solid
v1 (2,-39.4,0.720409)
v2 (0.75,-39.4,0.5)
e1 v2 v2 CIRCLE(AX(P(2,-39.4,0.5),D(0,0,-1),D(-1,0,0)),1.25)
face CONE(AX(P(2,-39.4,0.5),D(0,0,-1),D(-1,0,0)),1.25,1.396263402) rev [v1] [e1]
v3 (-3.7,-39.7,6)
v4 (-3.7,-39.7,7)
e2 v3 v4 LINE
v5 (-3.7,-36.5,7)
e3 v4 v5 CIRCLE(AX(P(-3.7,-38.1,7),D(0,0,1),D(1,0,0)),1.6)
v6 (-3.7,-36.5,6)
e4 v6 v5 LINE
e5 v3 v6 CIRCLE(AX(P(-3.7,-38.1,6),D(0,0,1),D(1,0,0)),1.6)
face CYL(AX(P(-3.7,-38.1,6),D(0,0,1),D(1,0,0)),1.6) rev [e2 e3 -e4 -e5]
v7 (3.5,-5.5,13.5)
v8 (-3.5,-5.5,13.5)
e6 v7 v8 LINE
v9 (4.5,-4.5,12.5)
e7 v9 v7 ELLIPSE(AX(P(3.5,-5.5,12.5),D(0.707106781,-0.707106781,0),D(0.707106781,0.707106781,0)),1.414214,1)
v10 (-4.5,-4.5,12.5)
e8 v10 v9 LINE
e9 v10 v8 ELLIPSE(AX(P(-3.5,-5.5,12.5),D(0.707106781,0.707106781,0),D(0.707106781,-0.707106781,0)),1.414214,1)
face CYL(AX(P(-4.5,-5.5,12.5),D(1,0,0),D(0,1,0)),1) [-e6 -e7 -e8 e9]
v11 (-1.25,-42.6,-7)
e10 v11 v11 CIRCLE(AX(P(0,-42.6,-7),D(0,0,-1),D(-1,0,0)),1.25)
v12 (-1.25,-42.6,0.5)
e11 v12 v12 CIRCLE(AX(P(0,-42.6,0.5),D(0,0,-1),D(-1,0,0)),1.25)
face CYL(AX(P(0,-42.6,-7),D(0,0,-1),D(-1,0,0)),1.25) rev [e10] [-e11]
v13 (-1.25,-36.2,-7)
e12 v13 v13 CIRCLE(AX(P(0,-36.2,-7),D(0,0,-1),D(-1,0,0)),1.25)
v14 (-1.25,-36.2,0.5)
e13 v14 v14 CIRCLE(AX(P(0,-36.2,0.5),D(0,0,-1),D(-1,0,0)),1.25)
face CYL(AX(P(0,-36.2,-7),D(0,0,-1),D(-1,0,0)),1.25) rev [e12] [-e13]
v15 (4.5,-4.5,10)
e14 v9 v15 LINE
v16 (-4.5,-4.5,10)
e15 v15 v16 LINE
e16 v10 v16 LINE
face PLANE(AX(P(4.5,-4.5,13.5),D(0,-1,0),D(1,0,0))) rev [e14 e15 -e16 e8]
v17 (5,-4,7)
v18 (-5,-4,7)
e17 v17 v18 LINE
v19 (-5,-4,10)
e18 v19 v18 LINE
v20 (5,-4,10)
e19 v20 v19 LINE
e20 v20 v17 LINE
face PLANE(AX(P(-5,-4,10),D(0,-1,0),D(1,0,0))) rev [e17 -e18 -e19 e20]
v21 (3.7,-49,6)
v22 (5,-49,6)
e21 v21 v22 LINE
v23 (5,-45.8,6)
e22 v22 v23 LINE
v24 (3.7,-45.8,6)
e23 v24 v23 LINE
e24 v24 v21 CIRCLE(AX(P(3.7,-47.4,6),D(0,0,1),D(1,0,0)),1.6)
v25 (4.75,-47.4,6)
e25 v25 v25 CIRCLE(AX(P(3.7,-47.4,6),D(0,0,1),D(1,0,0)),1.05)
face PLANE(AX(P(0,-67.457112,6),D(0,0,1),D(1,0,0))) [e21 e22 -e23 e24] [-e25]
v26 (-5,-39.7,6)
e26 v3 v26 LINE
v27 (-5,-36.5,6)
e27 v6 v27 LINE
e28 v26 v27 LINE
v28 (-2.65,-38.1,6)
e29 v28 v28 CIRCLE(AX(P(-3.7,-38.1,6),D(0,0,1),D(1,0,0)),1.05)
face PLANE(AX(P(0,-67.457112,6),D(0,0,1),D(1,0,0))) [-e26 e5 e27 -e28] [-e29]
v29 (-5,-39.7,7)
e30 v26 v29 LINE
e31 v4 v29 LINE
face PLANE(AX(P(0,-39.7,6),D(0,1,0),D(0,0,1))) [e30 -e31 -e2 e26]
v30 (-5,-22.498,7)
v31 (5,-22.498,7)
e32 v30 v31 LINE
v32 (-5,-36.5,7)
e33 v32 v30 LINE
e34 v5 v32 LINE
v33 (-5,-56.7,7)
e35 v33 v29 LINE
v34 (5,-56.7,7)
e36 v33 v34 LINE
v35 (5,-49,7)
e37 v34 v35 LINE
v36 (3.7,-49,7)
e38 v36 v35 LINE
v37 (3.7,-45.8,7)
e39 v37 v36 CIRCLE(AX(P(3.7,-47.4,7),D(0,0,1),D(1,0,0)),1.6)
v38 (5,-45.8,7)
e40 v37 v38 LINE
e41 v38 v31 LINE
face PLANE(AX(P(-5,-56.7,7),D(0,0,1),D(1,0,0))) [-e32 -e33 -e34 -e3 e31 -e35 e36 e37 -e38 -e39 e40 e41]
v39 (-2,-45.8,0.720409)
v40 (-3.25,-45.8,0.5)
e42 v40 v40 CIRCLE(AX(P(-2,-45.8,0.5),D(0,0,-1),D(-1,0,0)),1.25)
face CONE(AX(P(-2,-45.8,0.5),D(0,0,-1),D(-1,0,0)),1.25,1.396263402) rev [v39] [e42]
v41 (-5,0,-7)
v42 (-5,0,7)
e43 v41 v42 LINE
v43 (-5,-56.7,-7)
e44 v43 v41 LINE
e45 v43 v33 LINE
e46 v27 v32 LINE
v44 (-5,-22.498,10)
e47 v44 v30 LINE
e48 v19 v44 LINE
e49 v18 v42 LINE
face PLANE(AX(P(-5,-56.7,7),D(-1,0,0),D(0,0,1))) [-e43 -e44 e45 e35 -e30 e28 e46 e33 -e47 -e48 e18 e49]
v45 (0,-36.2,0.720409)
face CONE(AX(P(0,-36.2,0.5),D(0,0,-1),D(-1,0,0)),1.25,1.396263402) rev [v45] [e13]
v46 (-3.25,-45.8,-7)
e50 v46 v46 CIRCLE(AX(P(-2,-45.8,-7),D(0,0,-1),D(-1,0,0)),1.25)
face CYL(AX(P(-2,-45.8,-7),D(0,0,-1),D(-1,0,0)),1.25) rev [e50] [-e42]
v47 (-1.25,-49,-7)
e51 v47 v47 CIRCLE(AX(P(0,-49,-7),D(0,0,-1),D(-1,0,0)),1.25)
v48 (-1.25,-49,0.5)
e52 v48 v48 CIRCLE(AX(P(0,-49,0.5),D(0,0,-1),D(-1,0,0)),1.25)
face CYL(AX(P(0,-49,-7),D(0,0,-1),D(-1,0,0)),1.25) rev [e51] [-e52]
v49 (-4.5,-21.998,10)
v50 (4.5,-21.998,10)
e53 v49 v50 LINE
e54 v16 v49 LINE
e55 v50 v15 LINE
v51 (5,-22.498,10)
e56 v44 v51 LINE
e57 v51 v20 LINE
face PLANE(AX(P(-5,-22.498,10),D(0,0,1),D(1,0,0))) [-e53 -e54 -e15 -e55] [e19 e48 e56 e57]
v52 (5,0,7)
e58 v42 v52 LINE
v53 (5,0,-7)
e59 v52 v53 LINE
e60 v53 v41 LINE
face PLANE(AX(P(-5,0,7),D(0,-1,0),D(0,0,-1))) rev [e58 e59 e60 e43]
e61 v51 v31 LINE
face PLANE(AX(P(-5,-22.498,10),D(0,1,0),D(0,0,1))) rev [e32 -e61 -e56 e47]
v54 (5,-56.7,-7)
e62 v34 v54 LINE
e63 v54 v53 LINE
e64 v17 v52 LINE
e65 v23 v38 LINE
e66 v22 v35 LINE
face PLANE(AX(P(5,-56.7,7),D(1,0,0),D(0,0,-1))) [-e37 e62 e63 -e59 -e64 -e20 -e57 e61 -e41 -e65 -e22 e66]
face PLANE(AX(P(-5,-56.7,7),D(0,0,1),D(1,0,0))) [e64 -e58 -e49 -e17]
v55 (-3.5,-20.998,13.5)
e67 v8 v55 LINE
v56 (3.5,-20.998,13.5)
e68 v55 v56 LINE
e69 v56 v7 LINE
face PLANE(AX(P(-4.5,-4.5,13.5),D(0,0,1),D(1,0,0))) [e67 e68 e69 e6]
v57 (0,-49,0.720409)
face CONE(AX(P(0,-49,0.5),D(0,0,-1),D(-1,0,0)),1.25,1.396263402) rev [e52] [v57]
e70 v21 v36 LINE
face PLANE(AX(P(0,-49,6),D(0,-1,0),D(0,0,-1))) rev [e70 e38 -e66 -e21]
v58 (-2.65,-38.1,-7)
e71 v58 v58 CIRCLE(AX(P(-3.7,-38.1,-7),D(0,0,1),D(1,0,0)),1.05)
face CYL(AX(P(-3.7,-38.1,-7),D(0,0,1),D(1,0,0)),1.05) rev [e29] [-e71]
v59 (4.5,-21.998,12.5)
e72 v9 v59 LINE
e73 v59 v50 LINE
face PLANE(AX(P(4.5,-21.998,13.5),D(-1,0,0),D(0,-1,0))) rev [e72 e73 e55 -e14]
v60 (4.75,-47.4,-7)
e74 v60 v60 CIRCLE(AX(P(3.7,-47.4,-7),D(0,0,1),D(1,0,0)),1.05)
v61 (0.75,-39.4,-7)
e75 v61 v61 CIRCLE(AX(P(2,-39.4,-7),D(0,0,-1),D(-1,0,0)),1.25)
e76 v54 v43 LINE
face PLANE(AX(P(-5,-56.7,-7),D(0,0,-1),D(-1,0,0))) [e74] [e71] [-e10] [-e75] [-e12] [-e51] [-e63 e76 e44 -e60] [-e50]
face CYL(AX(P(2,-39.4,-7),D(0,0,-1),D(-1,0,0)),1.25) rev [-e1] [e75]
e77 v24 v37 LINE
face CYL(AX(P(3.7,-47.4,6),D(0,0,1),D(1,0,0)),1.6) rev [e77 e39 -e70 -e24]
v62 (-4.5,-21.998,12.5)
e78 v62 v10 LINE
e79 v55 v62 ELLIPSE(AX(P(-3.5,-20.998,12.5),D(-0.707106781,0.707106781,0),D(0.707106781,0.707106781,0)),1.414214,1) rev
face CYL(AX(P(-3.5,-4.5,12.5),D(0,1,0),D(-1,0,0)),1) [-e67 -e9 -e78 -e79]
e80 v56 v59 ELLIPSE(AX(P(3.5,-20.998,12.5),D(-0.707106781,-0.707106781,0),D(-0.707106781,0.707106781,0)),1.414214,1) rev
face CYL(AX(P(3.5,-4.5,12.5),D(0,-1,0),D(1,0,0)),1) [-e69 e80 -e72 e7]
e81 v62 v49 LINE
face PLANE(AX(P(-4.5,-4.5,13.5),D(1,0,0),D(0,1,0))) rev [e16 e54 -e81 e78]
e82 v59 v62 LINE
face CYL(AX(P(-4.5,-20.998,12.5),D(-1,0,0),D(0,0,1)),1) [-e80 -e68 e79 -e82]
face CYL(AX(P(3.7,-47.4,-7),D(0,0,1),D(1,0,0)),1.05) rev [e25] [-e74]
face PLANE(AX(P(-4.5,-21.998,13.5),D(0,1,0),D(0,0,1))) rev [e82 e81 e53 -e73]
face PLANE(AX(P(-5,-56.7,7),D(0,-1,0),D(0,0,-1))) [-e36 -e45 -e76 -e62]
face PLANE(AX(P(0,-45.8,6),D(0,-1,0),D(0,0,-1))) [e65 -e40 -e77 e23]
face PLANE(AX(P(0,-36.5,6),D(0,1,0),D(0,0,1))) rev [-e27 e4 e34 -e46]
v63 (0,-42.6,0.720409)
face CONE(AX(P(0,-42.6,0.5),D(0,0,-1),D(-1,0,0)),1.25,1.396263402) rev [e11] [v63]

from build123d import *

# Parameters (mm, degrees)
SKETCH1_W                         = 10
SKETCH1_H                         = 14
EXTRUDE1_DEPTH                    = 56.7
SKETCH2_W                         = 10
SKETCH2_H                         = 18.498
EXTRUDE2_DEPTH                    = 3
M3X0_5_TAPPED_HOLE1_D             = 2.5
M3X0_5_TAPPED_HOLE1_DEPTH         = 7.5
M3X0_5_TAPPED_HOLE1_TIP           = 0.220408726
SKETCH5_R                         = 1.05
MANIFOLD_SCREWS_COUNTERBORE_DEPTH = 15
SKETCH6_R                         = 1.05
MOUNTING_HOLE_DEPTH               = 1
SKETCH7_W                         = 9
SKETCH7_H                         = 17.498
EXTRUDE3_DEPTH                    = 3.5
FILLET1_R                         = 1


with BuildPart() as part:
    # Sketch1 → Extrude1 (new body)
    with BuildSketch(Plane(origin=(0, 0, 0), x_dir=(1, 0, 0), z_dir=(0, 1, 0))):
        Rectangle(SKETCH1_W, SKETCH1_H)
    extrude(amount=-EXTRUDE1_DEPTH)

    # Sketch2 → Extrude2 (add)
    with BuildSketch(Plane.XY.offset(7)):
        with Locations((0, -13.249)):
            Rectangle(SKETCH2_W, SKETCH2_H)
    extrude(amount=EXTRUDE2_DEPTH)

    # M3x0.5 Tapped Hole1
    with Locations(Plane(origin=(0, -36.2, -7), x_dir=(-1, 0, 0), z_dir=(0, 0, -1))):
        with Locations((0, 0), (0, -6.4), (0, -12.8), (2, -9.6), (-2, -3.2)):
            Hole(M3X0_5_TAPPED_HOLE1_D / 2, depth=M3X0_5_TAPPED_HOLE1_DEPTH)
            with Locations((0, 0, -(M3X0_5_TAPPED_HOLE1_DEPTH + M3X0_5_TAPPED_HOLE1_TIP / 2))):  # 160° drill point
                Cone(0, M3X0_5_TAPPED_HOLE1_D / 2, M3X0_5_TAPPED_HOLE1_TIP, mode=Mode.SUBTRACT)

    # Sketch5 → Manifold Screws Counterbore (cut, through all)
    with BuildSketch(Plane.XY.offset(7)):
        with Locations((-3.7, -38.1)):
            Circle(SKETCH5_R)
        with Locations((3.7, -47.4)):
            Circle(SKETCH5_R)
    extrude(amount=-MANIFOLD_SCREWS_COUNTERBORE_DEPTH, mode=Mode.SUBTRACT)

    # Sketch6 → Mounting Hole (cut)
    with BuildSketch(Plane.XY.offset(7)):
        with BuildLine():
            ThreePointArc((-2.1, -38.1), (-2.56862915, -36.96862915), (-3.7, -36.5))
            ThreePointArc((-3.7, -36.5), (-4.4306228, -36.676556877), (-5, -37.167262095))
            Line((-5, -37.167262095), (-5, -39.032737905))
            ThreePointArc((-5, -39.032737905), (-4.4306228, -39.523443123), (-3.7, -39.7))
            ThreePointArc((-3.7, -39.7), (-2.56862915, -39.23137085), (-2.1, -38.1))
        make_face()
        with Locations((-3.7, -38.1)):
            Circle(SKETCH6_R, mode=Mode.SUBTRACT)
        with BuildLine():
            Line((5, -48.332737905), (5, -46.467262095))
            ThreePointArc((5, -46.467262095), (4.4306228, -45.976556877), (3.7, -45.8))
            ThreePointArc((3.7, -45.8), (2.1, -47.4), (3.7, -49))
            ThreePointArc((3.7, -49), (4.4306228, -48.823443123), (5, -48.332737905))
        make_face()
        with Locations((3.7, -47.4)):
            Circle(SKETCH6_R, mode=Mode.SUBTRACT)
        with BuildLine():
            Line((5, -46.467262095), (5, -45.8))
            Line((5, -45.8), (3.7, -45.8))
            ThreePointArc((3.7, -45.8), (4.4306228, -45.976556877), (5, -46.467262095))
        make_face()
        with BuildLine():
            Line((5, -49), (5, -48.332737905))
            ThreePointArc((5, -48.332737905), (4.4306228, -48.823443123), (3.7, -49))
            Line((3.7, -49), (5, -49))
        make_face()
        with BuildLine():
            ThreePointArc((-5, -37.167262095), (-4.4306228, -36.676556877), (-3.7, -36.5))
            Line((-3.7, -36.5), (-5, -36.5))
            Line((-5, -36.5), (-5, -37.167262095))
        make_face()
        with BuildLine():
            Line((-5, -39.7), (-3.7, -39.7))
            ThreePointArc((-3.7, -39.7), (-4.4306228, -39.523443123), (-5, -39.032737905))
            Line((-5, -39.032737905), (-5, -39.7))
        make_face()
    extrude(amount=-MOUNTING_HOLE_DEPTH, mode=Mode.SUBTRACT)

    # Sketch7 → Extrude3 (add)
    with BuildSketch(Plane.XY.offset(10)):
        with Locations((0, -13.249)):
            Rectangle(SKETCH7_W, SKETCH7_H)
    extrude(amount=EXTRUDE3_DEPTH)

    # Fillet1
    fillet1_edges = [part.edges().sort_by_distance(p)[0] for p in [
        (0, -4.5, 13.5),
        (-4.5, -13.249, 13.5),
        (0, -21.998, 13.5),
        (4.5, -13.249, 13.5),
    ]]
    fillet(fillet1_edges, radius=FILLET1_R)


solid = part.part
